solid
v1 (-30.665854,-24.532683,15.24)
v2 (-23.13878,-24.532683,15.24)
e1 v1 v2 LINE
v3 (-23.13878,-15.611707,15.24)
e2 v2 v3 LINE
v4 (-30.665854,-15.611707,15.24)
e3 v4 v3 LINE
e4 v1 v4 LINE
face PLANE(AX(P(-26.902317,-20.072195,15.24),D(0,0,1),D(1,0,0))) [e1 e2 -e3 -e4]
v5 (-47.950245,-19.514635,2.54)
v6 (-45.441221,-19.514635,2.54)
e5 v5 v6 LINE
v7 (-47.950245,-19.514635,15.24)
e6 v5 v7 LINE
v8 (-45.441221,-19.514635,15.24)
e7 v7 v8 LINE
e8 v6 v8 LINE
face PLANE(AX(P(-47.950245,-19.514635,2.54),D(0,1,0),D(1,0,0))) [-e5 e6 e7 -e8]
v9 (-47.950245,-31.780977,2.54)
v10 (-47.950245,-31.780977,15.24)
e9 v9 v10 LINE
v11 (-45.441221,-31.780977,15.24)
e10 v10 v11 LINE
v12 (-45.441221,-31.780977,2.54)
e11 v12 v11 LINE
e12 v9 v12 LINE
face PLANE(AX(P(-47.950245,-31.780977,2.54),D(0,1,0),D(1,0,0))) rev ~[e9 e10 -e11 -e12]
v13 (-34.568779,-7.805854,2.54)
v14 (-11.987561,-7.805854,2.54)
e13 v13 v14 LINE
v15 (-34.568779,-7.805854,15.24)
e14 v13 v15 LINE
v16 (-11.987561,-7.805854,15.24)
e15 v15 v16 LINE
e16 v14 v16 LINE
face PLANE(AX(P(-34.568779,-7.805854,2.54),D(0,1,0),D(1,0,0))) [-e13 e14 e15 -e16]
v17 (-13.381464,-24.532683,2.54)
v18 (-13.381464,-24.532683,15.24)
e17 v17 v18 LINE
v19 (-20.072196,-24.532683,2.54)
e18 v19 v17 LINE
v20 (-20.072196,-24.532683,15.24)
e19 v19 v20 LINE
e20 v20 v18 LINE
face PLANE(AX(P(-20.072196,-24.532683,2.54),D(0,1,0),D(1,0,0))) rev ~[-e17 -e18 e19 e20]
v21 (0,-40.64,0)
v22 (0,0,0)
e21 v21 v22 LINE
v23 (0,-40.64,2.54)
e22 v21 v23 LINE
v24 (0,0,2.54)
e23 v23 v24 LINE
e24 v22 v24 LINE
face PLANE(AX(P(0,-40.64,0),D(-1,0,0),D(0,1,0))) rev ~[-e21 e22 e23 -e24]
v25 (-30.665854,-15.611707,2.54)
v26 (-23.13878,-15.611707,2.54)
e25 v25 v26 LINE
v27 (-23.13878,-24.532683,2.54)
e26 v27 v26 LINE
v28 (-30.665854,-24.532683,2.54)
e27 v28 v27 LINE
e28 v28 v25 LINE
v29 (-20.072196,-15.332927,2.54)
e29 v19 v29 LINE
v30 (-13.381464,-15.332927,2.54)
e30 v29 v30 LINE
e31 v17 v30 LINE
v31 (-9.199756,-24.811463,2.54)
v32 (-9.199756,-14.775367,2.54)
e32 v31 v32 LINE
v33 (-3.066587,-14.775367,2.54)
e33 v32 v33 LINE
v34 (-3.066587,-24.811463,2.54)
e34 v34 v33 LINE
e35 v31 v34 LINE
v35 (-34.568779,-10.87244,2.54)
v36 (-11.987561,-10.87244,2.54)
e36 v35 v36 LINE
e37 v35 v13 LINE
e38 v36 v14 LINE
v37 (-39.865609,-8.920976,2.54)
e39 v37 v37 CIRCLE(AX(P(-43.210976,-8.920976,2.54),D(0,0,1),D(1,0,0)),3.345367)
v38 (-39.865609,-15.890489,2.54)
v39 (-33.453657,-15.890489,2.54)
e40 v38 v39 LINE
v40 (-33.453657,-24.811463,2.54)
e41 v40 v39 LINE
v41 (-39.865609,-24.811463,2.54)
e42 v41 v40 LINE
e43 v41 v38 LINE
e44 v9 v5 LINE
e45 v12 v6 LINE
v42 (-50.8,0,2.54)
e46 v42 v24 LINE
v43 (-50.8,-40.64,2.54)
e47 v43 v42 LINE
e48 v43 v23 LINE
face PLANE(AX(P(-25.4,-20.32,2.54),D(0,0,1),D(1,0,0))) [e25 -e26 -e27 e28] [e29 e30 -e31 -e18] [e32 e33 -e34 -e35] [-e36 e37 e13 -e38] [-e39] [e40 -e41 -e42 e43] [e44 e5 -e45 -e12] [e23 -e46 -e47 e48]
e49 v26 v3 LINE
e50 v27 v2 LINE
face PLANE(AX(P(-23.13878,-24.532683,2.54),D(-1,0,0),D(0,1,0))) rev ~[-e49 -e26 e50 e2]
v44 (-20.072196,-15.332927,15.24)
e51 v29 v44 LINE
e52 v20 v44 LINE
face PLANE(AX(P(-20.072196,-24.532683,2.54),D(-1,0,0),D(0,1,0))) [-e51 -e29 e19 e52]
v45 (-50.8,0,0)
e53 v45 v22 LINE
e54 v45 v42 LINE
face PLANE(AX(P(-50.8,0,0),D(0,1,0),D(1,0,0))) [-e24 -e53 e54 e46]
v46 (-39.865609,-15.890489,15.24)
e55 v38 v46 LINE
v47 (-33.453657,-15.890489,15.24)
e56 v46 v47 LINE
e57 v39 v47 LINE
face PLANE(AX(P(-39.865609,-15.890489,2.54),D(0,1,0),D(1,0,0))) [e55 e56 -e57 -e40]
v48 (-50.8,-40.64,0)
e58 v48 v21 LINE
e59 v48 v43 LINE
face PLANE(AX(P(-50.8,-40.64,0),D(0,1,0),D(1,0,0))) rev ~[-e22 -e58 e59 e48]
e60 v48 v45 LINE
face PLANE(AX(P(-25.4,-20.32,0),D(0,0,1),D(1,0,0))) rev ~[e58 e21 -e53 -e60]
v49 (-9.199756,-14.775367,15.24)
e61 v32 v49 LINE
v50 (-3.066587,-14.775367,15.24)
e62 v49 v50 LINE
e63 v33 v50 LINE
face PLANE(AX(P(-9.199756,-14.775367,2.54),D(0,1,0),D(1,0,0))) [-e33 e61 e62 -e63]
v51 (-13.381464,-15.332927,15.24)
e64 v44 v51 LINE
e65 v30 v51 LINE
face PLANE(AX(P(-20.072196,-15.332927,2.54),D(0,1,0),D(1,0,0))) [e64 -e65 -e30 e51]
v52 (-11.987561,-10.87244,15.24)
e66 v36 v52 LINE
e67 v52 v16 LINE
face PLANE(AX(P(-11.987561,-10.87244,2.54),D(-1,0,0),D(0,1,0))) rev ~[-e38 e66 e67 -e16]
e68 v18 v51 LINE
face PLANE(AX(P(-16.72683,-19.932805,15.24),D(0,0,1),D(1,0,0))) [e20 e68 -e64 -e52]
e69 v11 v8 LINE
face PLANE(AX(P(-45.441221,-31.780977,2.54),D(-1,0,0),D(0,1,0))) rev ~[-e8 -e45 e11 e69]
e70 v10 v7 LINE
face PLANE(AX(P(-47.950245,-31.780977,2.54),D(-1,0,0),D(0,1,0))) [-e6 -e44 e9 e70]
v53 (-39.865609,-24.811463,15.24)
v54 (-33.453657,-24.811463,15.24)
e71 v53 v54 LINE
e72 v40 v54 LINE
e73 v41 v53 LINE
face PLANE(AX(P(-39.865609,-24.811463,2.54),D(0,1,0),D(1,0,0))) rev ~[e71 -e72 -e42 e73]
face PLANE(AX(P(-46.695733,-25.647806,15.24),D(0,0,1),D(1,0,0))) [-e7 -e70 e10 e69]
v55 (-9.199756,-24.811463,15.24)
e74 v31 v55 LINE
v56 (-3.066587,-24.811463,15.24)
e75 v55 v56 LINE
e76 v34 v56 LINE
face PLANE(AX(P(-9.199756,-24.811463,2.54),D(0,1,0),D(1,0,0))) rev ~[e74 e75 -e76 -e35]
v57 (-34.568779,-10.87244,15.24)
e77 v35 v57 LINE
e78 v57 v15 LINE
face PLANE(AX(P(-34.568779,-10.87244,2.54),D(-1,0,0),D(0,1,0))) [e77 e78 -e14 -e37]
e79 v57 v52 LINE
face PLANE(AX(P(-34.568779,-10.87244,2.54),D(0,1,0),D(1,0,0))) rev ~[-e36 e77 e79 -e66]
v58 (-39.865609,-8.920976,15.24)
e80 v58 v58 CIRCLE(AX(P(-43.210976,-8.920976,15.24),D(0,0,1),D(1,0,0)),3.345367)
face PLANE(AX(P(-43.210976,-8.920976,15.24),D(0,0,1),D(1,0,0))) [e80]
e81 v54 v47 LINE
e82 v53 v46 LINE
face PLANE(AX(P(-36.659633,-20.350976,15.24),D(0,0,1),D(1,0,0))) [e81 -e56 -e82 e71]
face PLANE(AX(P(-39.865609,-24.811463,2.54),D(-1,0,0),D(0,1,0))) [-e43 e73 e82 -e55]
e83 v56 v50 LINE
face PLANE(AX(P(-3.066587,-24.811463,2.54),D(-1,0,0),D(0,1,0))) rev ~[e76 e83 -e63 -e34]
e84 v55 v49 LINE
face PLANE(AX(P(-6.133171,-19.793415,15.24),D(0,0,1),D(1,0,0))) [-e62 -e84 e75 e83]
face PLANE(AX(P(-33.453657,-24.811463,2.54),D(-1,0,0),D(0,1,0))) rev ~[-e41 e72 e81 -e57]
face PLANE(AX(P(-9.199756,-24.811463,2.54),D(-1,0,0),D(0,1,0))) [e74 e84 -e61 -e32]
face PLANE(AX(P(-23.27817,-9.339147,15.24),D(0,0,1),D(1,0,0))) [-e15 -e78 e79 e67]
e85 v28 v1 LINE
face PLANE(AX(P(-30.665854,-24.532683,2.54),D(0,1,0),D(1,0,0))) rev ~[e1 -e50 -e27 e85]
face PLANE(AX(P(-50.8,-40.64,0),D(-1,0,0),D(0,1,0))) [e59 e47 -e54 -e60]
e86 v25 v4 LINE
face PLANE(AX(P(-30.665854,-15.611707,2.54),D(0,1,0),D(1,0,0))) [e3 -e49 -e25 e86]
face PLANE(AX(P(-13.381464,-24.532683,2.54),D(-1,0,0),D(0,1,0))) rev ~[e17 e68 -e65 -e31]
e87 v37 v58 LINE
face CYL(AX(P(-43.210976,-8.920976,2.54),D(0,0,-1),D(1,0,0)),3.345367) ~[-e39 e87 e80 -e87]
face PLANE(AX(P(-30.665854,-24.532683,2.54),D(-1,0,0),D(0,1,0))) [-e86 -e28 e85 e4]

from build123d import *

# Parameters (mm, degrees)
F0_W     = 50.8
F0_H     = 40.64
F1_DEPTH = 2.54
F2_W     = 6.411951
F2_H     = 8.920975
F2_W_2   = 7.527074
F2_H_2   = 8.920976
F2_W_3   = 6.690732
F2_H_3   = 9.199756
F2_W_4   = 6.133169
F2_H_4   = 10.036097
F2_W_5   = 22.581218
F2_H_5   = 3.066585
F2_W_6   = 2.509024
F2_H_6   = 12.266342
F2_R     = 3.345367
F3_DEPTH = 12.7


with BuildPart() as f1:
    # F0 (on Top) → F1 (new body)
    with BuildSketch(Plane.XY):
        with Locations((-25.4, -20.32)):
            Rectangle(F0_W, F0_H)
    extrude(amount=F1_DEPTH)

    # F2 (on face) → F3 (join)
    with BuildSketch(Plane.XY.offset(2.54)):
        with Locations((-36.659633, -20.350976)):
            Rectangle(F2_W, F2_H)
        with Locations((-26.902317, -20.072195)):
            Rectangle(F2_W_2, F2_H_2)
        with Locations((-16.72683, -19.932805)):
            Rectangle(F2_W_3, F2_H_3)
        with Locations((-6.133171, -19.793415)):
            Rectangle(F2_W_4, F2_H_4)
        with Locations((-23.27817, -9.339147)):
            Rectangle(F2_W_5, F2_H_5)
        with Locations((-46.695733, -25.647806)):
            Rectangle(F2_W_6, F2_H_6)
        with Locations((-43.210976, -8.920976)):
            Circle(F2_R)
    extrude(amount=F3_DEPTH)


solid = f1.part
